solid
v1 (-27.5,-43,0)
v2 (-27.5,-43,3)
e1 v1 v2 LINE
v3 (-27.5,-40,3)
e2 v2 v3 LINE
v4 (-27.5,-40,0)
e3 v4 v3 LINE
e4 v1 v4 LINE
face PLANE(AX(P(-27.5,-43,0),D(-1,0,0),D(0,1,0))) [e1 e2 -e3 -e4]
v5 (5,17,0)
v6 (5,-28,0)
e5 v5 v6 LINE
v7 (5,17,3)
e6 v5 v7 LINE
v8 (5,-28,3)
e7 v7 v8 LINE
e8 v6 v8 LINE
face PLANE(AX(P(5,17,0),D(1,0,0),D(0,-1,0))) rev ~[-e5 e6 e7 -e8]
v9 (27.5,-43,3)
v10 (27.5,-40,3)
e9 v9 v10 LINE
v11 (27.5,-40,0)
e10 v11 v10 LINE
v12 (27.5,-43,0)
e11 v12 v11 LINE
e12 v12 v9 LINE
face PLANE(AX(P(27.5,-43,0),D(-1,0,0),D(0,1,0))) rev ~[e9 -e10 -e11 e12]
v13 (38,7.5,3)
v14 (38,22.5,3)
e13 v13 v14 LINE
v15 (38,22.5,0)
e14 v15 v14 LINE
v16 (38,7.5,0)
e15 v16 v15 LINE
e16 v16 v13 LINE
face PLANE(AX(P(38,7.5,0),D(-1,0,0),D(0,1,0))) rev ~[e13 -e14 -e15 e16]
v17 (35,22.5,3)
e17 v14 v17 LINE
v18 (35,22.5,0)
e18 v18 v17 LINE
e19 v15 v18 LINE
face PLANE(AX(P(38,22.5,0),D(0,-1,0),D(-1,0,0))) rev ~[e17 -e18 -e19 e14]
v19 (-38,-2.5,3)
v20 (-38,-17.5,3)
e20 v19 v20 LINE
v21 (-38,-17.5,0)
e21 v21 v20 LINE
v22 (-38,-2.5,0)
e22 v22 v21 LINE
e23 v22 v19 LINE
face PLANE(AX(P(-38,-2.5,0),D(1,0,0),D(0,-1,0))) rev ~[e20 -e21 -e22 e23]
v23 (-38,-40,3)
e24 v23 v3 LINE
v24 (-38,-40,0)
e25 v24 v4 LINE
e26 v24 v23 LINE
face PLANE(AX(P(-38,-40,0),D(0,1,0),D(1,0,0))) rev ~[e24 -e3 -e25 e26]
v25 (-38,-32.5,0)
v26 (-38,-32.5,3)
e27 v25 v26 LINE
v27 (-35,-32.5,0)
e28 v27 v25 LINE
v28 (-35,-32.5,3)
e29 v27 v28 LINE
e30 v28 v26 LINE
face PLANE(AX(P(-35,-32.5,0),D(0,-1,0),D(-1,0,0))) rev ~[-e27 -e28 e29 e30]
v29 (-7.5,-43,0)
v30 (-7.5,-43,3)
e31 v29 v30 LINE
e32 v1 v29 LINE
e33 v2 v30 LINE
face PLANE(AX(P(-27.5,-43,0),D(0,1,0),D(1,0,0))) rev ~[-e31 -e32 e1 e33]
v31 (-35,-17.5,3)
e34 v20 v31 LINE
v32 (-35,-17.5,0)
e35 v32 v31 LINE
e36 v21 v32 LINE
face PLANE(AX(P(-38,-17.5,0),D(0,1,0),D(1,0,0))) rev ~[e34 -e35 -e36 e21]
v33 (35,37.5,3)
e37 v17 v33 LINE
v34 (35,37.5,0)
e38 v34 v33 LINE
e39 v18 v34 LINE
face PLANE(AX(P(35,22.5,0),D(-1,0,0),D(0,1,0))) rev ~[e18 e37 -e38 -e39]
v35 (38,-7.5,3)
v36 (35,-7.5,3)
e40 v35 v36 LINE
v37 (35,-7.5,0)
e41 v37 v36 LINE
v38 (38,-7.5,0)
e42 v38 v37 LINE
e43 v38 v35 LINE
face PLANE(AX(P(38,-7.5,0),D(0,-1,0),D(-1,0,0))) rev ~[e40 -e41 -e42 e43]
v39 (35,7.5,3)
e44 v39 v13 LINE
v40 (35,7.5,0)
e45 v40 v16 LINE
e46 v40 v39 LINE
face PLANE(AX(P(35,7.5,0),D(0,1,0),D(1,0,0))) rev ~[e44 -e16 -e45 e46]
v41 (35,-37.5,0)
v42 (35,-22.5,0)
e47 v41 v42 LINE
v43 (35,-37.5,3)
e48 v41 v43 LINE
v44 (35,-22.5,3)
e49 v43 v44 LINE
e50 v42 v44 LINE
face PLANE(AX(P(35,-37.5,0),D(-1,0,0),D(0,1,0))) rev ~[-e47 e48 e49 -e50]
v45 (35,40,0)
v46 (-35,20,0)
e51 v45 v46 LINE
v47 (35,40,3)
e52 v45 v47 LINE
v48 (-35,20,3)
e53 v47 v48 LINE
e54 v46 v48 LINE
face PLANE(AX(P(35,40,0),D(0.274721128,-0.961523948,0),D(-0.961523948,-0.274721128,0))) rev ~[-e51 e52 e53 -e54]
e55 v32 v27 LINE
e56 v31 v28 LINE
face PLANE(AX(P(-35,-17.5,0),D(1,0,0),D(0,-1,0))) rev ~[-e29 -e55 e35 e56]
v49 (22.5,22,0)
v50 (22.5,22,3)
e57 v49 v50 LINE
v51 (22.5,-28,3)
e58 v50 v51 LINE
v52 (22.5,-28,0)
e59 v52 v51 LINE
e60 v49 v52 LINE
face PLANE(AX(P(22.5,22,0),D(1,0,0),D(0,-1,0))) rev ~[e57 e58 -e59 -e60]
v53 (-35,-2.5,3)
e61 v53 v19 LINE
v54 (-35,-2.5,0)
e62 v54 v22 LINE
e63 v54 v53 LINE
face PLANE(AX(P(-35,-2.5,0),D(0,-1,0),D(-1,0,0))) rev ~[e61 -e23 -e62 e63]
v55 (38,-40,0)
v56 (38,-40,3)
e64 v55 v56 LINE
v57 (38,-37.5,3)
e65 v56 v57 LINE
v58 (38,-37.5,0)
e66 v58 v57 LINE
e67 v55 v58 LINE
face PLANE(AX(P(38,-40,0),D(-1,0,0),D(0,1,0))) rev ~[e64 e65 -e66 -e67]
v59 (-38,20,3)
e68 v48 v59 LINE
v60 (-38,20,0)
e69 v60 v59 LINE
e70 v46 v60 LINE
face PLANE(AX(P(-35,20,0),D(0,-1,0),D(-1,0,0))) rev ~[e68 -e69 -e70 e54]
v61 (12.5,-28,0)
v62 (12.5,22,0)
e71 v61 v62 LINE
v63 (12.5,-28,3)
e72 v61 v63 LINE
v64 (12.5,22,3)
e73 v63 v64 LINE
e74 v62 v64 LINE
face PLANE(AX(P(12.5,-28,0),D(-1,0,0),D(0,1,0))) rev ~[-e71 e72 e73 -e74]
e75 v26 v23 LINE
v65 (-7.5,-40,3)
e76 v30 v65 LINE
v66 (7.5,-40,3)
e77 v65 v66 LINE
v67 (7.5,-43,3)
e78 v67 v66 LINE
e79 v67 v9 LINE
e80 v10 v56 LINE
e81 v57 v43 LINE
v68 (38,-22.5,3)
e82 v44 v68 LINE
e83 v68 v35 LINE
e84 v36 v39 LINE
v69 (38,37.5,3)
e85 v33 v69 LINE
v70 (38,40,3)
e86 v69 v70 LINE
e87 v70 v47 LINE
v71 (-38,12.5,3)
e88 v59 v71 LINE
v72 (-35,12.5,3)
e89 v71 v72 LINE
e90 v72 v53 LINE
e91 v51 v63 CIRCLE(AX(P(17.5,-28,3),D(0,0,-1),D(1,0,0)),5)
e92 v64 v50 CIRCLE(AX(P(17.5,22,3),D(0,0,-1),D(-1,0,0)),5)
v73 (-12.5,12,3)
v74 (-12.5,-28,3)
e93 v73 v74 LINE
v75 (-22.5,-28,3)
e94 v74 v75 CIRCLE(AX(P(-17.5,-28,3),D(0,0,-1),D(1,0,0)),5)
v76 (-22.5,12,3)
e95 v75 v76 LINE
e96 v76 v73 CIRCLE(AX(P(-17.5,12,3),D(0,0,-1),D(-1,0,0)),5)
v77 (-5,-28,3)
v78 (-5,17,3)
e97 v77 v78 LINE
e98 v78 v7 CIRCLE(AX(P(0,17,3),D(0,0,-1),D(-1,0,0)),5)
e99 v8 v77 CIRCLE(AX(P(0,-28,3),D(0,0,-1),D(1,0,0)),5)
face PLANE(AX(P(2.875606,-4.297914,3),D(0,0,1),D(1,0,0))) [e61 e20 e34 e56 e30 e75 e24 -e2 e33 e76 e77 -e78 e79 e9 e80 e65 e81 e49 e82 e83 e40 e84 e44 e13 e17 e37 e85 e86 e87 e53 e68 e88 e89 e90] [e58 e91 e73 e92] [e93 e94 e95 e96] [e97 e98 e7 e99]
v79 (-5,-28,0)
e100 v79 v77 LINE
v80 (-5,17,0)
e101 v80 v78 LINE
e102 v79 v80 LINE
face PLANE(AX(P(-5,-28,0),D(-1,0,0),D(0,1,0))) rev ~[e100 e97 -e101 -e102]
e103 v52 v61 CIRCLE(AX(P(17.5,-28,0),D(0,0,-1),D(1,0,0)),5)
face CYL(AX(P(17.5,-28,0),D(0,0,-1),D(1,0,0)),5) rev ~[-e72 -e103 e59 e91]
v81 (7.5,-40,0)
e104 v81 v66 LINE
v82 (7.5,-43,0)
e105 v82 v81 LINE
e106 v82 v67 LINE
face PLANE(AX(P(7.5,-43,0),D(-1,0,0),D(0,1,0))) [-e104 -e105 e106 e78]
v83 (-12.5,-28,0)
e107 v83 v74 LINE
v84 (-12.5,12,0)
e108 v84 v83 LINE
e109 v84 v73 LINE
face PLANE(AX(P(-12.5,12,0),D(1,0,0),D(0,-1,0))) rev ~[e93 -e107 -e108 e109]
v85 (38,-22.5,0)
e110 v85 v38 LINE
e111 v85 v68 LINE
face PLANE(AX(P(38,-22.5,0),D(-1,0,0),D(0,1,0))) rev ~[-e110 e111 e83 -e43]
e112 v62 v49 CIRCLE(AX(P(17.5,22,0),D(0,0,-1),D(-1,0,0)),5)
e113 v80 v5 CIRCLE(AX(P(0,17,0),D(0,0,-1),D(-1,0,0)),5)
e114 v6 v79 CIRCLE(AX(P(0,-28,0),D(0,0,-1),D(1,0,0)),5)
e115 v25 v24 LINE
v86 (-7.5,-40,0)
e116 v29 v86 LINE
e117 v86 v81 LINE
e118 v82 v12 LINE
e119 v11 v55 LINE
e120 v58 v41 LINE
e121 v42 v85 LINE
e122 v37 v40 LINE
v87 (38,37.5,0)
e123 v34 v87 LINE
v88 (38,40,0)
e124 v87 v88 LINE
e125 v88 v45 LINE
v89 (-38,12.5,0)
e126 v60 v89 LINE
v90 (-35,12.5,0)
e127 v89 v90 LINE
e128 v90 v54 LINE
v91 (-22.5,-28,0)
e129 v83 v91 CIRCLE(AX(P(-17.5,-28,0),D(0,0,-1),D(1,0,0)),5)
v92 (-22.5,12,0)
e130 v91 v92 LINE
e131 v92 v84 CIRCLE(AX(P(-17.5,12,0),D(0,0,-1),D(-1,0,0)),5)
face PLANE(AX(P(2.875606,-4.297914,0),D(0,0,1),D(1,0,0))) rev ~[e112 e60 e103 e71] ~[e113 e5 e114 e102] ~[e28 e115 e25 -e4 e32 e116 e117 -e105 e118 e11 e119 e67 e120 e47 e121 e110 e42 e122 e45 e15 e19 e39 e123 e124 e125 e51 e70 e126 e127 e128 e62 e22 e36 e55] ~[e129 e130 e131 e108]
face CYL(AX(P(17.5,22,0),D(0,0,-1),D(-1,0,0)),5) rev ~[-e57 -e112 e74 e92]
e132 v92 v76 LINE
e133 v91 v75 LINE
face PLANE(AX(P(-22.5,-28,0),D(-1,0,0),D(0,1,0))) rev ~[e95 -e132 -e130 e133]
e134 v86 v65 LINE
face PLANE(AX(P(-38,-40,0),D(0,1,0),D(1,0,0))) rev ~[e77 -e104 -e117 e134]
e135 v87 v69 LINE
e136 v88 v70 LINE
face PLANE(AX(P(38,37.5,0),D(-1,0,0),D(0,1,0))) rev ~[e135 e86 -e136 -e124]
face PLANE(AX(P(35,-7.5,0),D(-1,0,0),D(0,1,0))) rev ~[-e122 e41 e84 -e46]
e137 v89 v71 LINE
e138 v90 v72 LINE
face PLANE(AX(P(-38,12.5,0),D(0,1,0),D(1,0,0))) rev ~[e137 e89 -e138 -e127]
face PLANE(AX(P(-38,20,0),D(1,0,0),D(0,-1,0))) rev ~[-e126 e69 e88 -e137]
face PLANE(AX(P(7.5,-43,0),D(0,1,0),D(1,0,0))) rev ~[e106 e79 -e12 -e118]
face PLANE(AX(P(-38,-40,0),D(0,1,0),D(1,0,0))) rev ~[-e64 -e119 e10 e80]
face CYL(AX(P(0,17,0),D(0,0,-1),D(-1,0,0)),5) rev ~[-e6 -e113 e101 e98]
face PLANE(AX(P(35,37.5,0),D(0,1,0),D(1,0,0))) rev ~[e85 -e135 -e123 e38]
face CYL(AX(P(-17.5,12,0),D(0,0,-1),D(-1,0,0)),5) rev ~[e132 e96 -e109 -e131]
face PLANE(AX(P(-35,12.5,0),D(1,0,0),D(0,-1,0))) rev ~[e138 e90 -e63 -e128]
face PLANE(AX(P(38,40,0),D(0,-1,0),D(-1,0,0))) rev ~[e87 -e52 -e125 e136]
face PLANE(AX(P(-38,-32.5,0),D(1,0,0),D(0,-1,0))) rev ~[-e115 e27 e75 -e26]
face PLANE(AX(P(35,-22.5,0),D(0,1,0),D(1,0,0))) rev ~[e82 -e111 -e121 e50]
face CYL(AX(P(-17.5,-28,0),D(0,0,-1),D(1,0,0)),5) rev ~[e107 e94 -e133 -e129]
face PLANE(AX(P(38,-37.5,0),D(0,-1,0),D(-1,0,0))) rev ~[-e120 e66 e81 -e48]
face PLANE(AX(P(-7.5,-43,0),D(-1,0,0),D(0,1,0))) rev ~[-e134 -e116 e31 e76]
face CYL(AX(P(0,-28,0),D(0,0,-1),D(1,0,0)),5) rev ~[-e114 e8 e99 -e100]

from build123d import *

# Parameters (mm, degrees)
SKETCH1_W           = 20
SKETCH1_H           = 3
BOSS_EXTRUDE1_DEPTH = 3


with BuildPart() as part:
    # Sketch1 → Boss-Extrude1 (new body)
    # profile 1 of 3: a face of its own
    with BuildSketch(Plane.XY):
        Polygon((35, 40), (-35, 20), (-38, 20), (-38, 12.5), (-35, 12.5), (-35, -2.5), (-38, -2.5), (-38, -17.5), (-35, -17.5), (-35, -32.5), (-38, -32.5), (-38, -40), (-27.5, -40), (-7.5, -40), (7.5, -40), (27.5, -40), (38, -40), (38, -37.5), (35, -37.5), (35, -22.5), (38, -22.5), (38, -7.5), (35, -7.5), (35, 7.5), (38, 7.5), (38, 22.5), (35, 22.5), (35, 37.5), (38, 37.5), (38, 40), align=None)
        with BuildLine():
            ThreePointArc((-12.5, -28), (-17.5, -33), (-22.5, -28))
            Line((-22.5, -28), (-22.5, 12))
            ThreePointArc((-22.5, 12), (-17.5, 17), (-12.5, 12))
            Line((-12.5, 12), (-12.5, -28))
        make_face(mode=Mode.SUBTRACT)
        with BuildLine():
            ThreePointArc((-5, 17), (0, 22), (5, 17))
            Line((5, 17), (5, -28))
            ThreePointArc((5, -28), (0, -33), (-5, -28))
            Line((-5, -28), (-5, 17))
        make_face(mode=Mode.SUBTRACT)
        with BuildLine():
            ThreePointArc((22.5, -28), (17.5, -33), (12.5, -28))
            Line((12.5, -28), (12.5, 22))
            ThreePointArc((12.5, 22), (17.5, 27), (22.5, 22))
            Line((22.5, 22), (22.5, -28))
        make_face(mode=Mode.SUBTRACT)
    # profile 2 of 3: a face of its own
    with BuildSketch(Plane.XY):
        with Locations((17.5, -41.5)):
            Rectangle(SKETCH1_W, SKETCH1_H)
    # profile 3 of 3: a face of its own
    with BuildSketch(Plane.XY):
        with Locations((-17.5, -41.5)):
            Rectangle(SKETCH1_W, SKETCH1_H)
    extrude(amount=BOSS_EXTRUDE1_DEPTH)


solid = part.part
